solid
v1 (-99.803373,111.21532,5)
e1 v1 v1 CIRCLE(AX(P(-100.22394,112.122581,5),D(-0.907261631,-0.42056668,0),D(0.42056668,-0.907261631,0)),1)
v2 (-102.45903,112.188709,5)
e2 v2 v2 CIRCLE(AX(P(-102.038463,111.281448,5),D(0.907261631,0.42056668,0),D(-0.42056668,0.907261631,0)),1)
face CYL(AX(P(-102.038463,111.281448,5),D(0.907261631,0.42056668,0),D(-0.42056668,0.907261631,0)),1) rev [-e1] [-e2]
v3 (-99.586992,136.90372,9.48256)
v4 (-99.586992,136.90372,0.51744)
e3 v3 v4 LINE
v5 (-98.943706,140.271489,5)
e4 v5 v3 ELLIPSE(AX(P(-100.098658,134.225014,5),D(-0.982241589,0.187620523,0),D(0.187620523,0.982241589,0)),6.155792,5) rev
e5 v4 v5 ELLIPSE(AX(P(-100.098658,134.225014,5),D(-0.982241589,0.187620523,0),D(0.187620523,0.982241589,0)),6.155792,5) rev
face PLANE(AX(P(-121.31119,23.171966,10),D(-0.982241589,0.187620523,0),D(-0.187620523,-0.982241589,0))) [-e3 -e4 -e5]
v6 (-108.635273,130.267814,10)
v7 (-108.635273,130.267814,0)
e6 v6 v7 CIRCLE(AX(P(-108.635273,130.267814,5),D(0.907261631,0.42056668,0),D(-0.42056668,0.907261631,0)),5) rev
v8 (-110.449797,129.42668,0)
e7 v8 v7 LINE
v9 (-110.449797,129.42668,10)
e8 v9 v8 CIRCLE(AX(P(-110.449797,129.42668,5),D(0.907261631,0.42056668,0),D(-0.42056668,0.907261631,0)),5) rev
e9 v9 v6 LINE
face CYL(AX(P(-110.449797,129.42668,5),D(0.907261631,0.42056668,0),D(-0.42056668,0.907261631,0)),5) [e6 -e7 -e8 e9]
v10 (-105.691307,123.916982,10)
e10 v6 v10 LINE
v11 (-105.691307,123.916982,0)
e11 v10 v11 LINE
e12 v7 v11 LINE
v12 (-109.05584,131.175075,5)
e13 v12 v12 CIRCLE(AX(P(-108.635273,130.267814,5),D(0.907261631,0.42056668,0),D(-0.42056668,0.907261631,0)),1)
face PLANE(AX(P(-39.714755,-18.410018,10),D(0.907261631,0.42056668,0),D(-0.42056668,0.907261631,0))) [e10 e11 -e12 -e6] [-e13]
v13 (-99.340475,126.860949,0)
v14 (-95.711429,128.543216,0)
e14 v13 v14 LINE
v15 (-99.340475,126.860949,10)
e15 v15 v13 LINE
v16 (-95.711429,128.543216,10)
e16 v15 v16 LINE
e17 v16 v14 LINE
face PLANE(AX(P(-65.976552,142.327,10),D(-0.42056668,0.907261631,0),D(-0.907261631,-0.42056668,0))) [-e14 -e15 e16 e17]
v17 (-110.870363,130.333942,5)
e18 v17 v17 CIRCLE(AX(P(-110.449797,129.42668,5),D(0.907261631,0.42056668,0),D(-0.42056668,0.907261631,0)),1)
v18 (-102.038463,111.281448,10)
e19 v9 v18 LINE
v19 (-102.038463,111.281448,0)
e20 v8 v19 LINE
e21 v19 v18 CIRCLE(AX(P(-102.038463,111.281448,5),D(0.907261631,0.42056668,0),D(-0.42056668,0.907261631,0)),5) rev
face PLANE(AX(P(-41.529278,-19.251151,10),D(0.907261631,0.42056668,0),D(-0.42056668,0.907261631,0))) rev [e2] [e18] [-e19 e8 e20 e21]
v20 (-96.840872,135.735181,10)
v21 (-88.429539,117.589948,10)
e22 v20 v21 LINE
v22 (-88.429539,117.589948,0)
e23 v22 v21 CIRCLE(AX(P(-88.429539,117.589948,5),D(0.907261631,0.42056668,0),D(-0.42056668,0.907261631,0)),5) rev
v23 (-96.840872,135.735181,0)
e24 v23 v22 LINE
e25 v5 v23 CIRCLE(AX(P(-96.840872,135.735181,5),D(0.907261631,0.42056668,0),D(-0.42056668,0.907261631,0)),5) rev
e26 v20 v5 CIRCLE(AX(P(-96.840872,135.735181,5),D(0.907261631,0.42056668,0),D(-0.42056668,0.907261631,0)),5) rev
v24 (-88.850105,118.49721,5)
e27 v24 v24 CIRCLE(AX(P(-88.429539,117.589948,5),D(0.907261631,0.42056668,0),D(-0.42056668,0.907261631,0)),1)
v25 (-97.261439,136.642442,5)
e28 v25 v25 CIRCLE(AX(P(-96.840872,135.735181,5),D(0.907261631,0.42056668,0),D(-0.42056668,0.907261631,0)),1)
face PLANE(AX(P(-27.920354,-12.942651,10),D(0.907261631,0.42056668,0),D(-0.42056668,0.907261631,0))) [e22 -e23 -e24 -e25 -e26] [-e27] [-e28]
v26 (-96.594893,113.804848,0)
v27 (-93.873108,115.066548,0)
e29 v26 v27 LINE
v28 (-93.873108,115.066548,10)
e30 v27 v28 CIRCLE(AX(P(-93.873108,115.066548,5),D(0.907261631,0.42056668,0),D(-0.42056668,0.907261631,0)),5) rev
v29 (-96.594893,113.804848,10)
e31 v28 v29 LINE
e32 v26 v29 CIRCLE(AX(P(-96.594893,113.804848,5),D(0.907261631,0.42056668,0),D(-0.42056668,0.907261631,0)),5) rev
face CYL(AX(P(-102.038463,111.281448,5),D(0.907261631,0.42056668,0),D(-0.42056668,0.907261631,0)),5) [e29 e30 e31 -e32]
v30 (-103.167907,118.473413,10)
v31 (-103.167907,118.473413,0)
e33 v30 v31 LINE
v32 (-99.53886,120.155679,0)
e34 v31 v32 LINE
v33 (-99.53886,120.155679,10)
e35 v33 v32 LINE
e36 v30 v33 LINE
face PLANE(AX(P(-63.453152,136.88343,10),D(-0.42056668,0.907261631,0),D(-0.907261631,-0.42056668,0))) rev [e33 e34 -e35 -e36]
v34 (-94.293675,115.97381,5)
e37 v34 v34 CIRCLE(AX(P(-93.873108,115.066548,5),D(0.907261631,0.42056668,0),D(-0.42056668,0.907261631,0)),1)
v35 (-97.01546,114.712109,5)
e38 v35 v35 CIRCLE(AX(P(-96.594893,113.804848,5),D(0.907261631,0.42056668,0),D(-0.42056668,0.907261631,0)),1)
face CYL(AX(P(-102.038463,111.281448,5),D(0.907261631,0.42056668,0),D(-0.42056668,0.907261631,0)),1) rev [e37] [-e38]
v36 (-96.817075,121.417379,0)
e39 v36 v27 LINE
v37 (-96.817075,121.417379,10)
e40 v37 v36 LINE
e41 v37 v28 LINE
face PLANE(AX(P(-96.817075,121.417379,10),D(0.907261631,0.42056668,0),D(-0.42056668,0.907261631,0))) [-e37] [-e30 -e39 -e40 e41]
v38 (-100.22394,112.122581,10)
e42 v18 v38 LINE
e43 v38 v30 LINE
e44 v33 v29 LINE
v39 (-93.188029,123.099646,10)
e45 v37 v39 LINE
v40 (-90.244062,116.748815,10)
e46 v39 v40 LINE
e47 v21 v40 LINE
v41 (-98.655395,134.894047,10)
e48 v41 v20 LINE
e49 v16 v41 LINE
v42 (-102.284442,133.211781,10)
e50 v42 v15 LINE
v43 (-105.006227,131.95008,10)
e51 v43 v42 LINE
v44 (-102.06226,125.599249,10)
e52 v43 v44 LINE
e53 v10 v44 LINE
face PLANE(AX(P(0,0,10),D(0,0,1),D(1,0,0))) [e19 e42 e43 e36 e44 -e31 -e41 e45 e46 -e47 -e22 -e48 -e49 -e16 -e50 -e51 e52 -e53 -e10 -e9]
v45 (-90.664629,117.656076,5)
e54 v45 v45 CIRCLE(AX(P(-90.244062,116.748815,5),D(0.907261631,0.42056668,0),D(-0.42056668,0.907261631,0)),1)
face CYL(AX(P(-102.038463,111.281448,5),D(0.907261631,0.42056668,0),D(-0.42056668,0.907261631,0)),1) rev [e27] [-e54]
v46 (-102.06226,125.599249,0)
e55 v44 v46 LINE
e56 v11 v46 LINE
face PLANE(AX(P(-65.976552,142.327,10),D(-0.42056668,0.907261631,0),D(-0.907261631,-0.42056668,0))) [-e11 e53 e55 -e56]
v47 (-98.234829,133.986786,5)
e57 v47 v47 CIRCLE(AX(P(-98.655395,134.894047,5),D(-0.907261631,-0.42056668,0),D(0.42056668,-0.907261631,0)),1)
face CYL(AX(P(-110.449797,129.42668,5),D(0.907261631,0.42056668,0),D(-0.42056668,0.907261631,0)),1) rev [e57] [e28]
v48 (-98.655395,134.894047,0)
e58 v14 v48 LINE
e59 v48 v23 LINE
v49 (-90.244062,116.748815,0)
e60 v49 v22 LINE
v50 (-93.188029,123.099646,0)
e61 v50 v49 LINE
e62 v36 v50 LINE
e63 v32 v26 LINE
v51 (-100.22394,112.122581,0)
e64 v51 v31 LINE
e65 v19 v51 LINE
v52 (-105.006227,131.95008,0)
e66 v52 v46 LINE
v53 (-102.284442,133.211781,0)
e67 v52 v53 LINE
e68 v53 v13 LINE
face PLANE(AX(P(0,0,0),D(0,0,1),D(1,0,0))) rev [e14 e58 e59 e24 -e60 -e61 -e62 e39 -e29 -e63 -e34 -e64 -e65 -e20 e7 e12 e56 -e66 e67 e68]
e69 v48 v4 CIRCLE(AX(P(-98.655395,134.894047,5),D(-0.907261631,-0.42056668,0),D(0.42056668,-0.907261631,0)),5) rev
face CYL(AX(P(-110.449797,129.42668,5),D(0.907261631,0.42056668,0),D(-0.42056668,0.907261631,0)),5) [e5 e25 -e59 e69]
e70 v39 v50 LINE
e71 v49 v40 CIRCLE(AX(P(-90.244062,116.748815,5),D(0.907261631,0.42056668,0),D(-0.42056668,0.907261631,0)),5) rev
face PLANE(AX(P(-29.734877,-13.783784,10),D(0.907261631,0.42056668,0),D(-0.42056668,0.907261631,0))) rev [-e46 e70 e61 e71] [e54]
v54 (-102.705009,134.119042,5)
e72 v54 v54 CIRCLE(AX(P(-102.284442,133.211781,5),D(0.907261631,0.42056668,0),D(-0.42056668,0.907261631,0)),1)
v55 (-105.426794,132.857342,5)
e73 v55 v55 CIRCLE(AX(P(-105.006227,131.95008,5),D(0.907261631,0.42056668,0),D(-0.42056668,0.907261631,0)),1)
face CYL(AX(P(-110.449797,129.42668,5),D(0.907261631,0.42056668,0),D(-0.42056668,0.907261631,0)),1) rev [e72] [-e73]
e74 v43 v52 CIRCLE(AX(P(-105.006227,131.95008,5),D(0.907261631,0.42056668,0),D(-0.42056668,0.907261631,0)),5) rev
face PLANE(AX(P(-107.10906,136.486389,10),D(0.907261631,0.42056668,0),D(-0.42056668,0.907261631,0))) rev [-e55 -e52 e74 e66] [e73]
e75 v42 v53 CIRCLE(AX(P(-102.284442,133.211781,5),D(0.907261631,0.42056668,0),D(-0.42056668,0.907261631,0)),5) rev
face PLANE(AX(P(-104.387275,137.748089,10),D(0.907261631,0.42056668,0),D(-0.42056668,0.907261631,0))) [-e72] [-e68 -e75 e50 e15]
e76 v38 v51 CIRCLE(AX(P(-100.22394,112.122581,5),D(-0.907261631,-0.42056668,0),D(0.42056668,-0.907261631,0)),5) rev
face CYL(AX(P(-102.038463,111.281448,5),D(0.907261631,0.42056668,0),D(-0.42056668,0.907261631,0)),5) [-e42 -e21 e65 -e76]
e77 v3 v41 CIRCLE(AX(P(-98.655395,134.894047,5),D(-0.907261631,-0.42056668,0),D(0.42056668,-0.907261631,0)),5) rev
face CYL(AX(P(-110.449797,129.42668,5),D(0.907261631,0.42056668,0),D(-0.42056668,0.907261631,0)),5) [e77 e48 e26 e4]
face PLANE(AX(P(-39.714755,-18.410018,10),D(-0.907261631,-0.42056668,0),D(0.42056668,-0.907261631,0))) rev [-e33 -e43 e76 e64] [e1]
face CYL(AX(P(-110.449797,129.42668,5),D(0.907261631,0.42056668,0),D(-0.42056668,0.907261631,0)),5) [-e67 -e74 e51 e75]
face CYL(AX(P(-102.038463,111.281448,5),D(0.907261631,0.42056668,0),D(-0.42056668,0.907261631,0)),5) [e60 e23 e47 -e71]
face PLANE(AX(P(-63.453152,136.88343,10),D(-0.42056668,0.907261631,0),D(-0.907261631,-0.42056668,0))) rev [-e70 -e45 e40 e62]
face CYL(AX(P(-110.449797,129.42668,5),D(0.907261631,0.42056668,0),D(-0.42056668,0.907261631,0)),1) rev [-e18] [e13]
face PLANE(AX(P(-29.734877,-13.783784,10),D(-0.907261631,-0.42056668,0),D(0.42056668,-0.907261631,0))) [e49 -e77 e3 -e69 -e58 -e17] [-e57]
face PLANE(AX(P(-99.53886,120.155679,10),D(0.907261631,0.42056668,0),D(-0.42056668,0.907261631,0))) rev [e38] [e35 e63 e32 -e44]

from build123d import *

# Parameters (mm, degrees)
BOSS_EXTRU_1_DEPTH      = 10
ESQUISSE2_R             = 1
ENL_V_MAT_EXTRU_1_DEPTH = 15


with BuildPart() as part:
    # Esquisse1 → Boss.-Extru.1 (new body)
    with BuildSketch(Plane.XY):
        Polygon((-110.738106784, 134.804121916), (-112.552630047, 133.962988556), (-99.935629642, 106.745139618), (-98.12110638, 107.586272978), (-103.167906542, 118.473412553), (-99.538860017, 120.155679274), (-94.492059855, 109.268539699), (-91.770274961, 110.530239739), (-96.817075123, 121.417379314), (-93.188028598, 123.099646035), (-88.141228436, 112.21250646), (-86.326705174, 113.05363982), (-98.943705578, 140.271488758), (-99.586991765, 136.903720479), (-95.711428679, 128.543215823), (-99.340475204, 126.860949102), (-104.387275366, 137.748088677), (-107.109060259, 136.486388637), (-102.062260098, 125.599249062), (-105.691306623, 123.916982341), align=None)
    extrude(amount=BOSS_EXTRU_1_DEPTH)

    # Esquisse2 → Enlèv. mat.-Extru.1 (cut)
    with BuildSketch(Plane(origin=(-27.920353757, -12.942650812, 0), x_dir=(0, 0, -1), z_dir=(0.9072616312569988, 0.42056668014583565, 0))):
        with Locations(Location((-5, 163.875365486, 0), (0, 0, 90))):
            Circle(ESQUISSE2_R)
        with Locations(Location((-5, 143.875365486, 0), (0, 0, 90))):
            Circle(ESQUISSE2_R)
        with BuildLine():
            Line((0, 138.875365486), (0, 143.875365486))
            ThreePointArc((0, 143.875365486), (-1.464466094, 140.33983158), (-5, 138.875365486))
            Line((-5, 138.875365486), (0, 138.875365486))
        make_face()
        with BuildLine():
            ThreePointArc((-5, 138.875365486), (-8.535533906, 140.33983158), (-10, 143.875365486))
            Line((-10, 143.875365486), (-10, 138.875365486))
            Line((-10, 138.875365486), (-5, 138.875365486))
        make_face()
        with BuildLine():
            Line((-10, 168.875365486), (-10, 163.875365486))
            ThreePointArc((-10, 163.875365486), (-8.535533906, 167.410899392), (-5, 168.875365486))
            Line((-5, 168.875365486), (-10, 168.875365486))
        make_face()
        with BuildLine():
            Line((0, 168.875365486), (-5, 168.875365486))
            ThreePointArc((-5, 168.875365486), (-1.464466094, 167.410899392), (0, 163.875365486))
            Line((0, 163.875365486), (0, 168.875365486))
        make_face()
    extrude(amount=-ENL_V_MAT_EXTRU_1_DEPTH, mode=Mode.SUBTRACT)


solid = part.part
